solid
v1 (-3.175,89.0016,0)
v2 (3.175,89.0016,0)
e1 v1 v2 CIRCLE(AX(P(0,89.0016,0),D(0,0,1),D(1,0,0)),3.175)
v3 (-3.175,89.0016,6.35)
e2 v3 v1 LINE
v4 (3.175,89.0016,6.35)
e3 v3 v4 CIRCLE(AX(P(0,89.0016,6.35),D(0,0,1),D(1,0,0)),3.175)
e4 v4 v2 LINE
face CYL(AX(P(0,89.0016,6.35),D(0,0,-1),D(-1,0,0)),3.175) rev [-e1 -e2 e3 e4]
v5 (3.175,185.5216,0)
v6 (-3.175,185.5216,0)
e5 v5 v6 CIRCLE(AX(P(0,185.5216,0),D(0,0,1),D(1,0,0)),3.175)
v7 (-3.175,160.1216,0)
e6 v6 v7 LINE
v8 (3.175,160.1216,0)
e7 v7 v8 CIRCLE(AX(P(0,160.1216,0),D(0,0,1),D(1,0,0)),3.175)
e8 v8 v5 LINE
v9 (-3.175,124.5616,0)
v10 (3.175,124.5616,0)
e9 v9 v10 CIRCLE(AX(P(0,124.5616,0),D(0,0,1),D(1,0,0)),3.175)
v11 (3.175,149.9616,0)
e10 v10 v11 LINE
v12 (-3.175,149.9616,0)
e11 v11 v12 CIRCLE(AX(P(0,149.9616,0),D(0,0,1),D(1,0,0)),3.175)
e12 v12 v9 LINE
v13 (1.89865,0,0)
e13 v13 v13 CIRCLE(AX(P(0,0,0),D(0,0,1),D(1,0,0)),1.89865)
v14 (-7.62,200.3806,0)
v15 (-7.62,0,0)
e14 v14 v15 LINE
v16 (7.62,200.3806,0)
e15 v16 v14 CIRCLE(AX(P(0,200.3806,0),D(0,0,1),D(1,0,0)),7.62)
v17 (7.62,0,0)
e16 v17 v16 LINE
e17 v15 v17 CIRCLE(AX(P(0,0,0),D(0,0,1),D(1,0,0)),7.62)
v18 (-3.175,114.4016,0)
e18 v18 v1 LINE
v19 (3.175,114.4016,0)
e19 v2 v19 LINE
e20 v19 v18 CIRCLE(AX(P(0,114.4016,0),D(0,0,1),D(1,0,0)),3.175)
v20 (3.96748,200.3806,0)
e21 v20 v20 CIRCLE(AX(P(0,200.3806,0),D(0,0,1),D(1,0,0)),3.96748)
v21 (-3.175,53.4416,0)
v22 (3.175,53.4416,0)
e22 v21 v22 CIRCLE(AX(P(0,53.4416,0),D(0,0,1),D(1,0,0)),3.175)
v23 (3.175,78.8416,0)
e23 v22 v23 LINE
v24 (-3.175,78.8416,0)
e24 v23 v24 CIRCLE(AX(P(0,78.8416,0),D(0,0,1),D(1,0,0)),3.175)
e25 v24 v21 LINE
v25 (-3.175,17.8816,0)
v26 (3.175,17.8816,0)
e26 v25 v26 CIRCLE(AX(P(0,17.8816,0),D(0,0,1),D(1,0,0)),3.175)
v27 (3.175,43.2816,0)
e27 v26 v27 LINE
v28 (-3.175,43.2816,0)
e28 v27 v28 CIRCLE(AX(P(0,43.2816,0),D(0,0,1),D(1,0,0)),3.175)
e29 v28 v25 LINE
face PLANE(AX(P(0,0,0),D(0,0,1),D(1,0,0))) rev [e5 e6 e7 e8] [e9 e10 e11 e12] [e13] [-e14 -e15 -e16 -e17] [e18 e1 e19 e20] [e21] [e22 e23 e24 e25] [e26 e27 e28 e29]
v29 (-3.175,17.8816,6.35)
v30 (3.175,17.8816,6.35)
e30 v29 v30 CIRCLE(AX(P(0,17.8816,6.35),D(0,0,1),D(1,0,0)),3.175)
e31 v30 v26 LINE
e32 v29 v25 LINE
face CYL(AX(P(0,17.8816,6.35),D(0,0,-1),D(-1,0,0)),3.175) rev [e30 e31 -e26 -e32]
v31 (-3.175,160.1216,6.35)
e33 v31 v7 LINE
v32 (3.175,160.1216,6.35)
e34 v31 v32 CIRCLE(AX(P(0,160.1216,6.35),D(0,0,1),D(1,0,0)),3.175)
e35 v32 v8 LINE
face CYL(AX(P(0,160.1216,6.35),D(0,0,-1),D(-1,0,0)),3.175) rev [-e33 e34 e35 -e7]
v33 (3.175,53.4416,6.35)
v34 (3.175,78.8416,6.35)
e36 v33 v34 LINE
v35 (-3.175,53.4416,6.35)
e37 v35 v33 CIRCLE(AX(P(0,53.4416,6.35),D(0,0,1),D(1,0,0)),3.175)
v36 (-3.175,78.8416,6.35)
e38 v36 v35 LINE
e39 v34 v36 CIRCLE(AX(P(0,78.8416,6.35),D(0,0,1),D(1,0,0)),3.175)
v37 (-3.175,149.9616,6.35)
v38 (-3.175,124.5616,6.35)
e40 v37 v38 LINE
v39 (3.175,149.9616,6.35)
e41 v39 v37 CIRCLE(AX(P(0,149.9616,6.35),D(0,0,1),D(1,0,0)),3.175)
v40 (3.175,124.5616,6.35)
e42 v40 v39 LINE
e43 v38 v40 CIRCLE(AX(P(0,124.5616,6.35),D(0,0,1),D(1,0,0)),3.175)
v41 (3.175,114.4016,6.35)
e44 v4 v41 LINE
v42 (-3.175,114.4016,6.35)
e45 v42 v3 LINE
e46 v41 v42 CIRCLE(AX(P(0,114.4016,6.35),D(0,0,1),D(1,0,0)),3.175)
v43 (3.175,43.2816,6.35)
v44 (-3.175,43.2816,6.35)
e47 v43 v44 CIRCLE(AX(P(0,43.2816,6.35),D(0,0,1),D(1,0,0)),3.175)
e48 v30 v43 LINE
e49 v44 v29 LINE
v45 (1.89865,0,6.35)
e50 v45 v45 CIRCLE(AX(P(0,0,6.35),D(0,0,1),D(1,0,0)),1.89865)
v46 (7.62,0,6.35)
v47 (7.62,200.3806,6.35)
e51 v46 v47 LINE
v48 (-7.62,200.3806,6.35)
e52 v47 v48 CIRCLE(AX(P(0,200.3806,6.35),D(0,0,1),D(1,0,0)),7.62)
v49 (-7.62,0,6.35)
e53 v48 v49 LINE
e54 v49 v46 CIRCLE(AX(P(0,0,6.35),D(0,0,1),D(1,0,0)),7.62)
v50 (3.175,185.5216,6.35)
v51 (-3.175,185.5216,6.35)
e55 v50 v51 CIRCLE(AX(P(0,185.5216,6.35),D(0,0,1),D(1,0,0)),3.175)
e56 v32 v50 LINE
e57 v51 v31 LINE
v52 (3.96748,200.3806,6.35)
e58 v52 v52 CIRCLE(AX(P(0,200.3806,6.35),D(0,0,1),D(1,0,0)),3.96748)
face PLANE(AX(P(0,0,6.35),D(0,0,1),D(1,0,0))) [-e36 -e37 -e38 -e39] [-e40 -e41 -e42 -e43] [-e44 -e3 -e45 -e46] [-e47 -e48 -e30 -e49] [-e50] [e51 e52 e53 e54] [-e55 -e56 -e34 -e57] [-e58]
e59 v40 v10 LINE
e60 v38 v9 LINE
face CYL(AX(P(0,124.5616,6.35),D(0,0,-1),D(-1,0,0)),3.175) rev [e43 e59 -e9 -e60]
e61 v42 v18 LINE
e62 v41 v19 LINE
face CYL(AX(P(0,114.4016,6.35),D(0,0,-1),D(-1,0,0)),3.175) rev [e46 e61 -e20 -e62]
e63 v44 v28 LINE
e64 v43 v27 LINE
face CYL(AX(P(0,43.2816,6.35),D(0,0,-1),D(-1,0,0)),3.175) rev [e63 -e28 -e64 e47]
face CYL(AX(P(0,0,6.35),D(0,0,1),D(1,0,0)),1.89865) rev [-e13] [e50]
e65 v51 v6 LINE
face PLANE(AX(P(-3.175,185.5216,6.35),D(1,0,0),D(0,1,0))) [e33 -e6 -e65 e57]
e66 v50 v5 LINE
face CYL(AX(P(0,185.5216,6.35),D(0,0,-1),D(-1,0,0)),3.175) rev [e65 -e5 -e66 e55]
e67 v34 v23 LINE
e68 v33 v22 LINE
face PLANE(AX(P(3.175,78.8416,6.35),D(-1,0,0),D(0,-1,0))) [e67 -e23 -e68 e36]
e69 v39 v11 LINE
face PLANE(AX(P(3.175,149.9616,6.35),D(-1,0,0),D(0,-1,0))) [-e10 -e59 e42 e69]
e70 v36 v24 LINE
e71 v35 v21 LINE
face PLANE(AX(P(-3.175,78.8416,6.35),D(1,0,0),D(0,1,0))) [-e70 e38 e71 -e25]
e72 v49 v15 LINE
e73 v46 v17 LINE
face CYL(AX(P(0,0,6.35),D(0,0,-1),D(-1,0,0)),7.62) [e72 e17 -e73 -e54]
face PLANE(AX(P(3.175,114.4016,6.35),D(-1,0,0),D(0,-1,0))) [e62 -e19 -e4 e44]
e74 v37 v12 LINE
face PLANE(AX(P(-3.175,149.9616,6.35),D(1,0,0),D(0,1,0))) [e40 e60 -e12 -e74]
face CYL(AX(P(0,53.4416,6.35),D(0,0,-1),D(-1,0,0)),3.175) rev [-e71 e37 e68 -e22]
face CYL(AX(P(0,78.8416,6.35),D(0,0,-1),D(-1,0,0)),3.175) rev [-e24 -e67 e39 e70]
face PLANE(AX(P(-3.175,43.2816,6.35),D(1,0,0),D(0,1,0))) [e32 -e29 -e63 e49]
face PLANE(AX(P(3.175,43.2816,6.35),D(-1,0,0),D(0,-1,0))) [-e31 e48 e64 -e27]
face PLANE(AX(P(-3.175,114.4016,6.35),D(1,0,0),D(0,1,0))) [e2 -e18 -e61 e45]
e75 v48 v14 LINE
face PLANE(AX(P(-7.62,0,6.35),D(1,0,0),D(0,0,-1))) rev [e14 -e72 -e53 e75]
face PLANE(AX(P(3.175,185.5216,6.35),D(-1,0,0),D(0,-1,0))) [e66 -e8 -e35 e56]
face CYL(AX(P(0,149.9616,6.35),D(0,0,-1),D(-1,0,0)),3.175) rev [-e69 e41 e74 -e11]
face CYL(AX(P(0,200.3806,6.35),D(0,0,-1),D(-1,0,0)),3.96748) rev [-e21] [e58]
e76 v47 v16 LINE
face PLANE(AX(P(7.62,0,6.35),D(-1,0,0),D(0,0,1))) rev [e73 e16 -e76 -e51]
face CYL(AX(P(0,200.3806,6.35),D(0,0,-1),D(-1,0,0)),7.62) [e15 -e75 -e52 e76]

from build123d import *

# Parameters (mm, degrees)
SKETCH_2_R             = 3.96748
EXTRUDE_1_DEPTH        = 6.35
F_10_24_TAPPED_HOLE1_D = 3.7973


with BuildPart() as part:
    # 草图2 → 凸台-拉伸1 (new body)
    with BuildSketch(Plane.XY):
        with BuildLine():
            Line((-7.62, 0), (-7.62, 200.3806))
            ThreePointArc((-7.62, 200.3806), (0, 208.0006), (7.62, 200.3806))
            Line((7.62, 200.3806), (7.62, 0))
            ThreePointArc((7.62, 0), (0, -7.62), (-7.62, 0))
        make_face()
        with Locations((0, 200.3806)):
            Circle(SKETCH_2_R, mode=Mode.SUBTRACT)
        with BuildLine():
            Line((3.175, 185.5216), (3.175, 160.1216))
            ThreePointArc((3.175, 160.1216), (0, 156.9466), (-3.175, 160.1216))
            Line((-3.175, 160.1216), (-3.175, 185.5216))
            ThreePointArc((-3.175, 185.5216), (0, 188.6966), (3.175, 185.5216))
        make_face(mode=Mode.SUBTRACT)
        with BuildLine():
            Line((3.175, 149.9616), (3.175, 124.5616))
            ThreePointArc((3.175, 124.5616), (0, 121.3866), (-3.175, 124.5616))
            Line((-3.175, 124.5616), (-3.175, 149.9616))
            ThreePointArc((-3.175, 149.9616), (0, 153.1366), (3.175, 149.9616))
        make_face(mode=Mode.SUBTRACT)
        with BuildLine():
            Line((3.175, 114.4016), (3.175, 89.0016))
            ThreePointArc((3.175, 89.0016), (0, 85.8266), (-3.175, 89.0016))
            Line((-3.175, 89.0016), (-3.175, 114.4016))
            ThreePointArc((-3.175, 114.4016), (0, 117.5766), (3.175, 114.4016))
        make_face(mode=Mode.SUBTRACT)
        with BuildLine():
            Line((3.175, 78.8416), (3.175, 53.4416))
            ThreePointArc((3.175, 53.4416), (0, 50.2666), (-3.175, 53.4416))
            Line((-3.175, 53.4416), (-3.175, 78.8416))
            ThreePointArc((-3.175, 78.8416), (0, 82.0166), (3.175, 78.8416))
        make_face(mode=Mode.SUBTRACT)
        with BuildLine():
            Line((3.175, 43.2816), (3.175, 17.8816))
            ThreePointArc((3.175, 17.8816), (0, 14.7066), (-3.175, 17.8816))
            Line((-3.175, 17.8816), (-3.175, 43.2816))
            ThreePointArc((-3.175, 43.2816), (0, 46.4566), (3.175, 43.2816))
        make_face(mode=Mode.SUBTRACT)
    extrude(amount=EXTRUDE_1_DEPTH)

    # #10-24 Tapped Hole1 (through all)
    with Locations(Plane.XY.offset(6.35)):
        with Locations((0, 0)):
            Hole(F_10_24_TAPPED_HOLE1_D / 2)


solid = part.part
